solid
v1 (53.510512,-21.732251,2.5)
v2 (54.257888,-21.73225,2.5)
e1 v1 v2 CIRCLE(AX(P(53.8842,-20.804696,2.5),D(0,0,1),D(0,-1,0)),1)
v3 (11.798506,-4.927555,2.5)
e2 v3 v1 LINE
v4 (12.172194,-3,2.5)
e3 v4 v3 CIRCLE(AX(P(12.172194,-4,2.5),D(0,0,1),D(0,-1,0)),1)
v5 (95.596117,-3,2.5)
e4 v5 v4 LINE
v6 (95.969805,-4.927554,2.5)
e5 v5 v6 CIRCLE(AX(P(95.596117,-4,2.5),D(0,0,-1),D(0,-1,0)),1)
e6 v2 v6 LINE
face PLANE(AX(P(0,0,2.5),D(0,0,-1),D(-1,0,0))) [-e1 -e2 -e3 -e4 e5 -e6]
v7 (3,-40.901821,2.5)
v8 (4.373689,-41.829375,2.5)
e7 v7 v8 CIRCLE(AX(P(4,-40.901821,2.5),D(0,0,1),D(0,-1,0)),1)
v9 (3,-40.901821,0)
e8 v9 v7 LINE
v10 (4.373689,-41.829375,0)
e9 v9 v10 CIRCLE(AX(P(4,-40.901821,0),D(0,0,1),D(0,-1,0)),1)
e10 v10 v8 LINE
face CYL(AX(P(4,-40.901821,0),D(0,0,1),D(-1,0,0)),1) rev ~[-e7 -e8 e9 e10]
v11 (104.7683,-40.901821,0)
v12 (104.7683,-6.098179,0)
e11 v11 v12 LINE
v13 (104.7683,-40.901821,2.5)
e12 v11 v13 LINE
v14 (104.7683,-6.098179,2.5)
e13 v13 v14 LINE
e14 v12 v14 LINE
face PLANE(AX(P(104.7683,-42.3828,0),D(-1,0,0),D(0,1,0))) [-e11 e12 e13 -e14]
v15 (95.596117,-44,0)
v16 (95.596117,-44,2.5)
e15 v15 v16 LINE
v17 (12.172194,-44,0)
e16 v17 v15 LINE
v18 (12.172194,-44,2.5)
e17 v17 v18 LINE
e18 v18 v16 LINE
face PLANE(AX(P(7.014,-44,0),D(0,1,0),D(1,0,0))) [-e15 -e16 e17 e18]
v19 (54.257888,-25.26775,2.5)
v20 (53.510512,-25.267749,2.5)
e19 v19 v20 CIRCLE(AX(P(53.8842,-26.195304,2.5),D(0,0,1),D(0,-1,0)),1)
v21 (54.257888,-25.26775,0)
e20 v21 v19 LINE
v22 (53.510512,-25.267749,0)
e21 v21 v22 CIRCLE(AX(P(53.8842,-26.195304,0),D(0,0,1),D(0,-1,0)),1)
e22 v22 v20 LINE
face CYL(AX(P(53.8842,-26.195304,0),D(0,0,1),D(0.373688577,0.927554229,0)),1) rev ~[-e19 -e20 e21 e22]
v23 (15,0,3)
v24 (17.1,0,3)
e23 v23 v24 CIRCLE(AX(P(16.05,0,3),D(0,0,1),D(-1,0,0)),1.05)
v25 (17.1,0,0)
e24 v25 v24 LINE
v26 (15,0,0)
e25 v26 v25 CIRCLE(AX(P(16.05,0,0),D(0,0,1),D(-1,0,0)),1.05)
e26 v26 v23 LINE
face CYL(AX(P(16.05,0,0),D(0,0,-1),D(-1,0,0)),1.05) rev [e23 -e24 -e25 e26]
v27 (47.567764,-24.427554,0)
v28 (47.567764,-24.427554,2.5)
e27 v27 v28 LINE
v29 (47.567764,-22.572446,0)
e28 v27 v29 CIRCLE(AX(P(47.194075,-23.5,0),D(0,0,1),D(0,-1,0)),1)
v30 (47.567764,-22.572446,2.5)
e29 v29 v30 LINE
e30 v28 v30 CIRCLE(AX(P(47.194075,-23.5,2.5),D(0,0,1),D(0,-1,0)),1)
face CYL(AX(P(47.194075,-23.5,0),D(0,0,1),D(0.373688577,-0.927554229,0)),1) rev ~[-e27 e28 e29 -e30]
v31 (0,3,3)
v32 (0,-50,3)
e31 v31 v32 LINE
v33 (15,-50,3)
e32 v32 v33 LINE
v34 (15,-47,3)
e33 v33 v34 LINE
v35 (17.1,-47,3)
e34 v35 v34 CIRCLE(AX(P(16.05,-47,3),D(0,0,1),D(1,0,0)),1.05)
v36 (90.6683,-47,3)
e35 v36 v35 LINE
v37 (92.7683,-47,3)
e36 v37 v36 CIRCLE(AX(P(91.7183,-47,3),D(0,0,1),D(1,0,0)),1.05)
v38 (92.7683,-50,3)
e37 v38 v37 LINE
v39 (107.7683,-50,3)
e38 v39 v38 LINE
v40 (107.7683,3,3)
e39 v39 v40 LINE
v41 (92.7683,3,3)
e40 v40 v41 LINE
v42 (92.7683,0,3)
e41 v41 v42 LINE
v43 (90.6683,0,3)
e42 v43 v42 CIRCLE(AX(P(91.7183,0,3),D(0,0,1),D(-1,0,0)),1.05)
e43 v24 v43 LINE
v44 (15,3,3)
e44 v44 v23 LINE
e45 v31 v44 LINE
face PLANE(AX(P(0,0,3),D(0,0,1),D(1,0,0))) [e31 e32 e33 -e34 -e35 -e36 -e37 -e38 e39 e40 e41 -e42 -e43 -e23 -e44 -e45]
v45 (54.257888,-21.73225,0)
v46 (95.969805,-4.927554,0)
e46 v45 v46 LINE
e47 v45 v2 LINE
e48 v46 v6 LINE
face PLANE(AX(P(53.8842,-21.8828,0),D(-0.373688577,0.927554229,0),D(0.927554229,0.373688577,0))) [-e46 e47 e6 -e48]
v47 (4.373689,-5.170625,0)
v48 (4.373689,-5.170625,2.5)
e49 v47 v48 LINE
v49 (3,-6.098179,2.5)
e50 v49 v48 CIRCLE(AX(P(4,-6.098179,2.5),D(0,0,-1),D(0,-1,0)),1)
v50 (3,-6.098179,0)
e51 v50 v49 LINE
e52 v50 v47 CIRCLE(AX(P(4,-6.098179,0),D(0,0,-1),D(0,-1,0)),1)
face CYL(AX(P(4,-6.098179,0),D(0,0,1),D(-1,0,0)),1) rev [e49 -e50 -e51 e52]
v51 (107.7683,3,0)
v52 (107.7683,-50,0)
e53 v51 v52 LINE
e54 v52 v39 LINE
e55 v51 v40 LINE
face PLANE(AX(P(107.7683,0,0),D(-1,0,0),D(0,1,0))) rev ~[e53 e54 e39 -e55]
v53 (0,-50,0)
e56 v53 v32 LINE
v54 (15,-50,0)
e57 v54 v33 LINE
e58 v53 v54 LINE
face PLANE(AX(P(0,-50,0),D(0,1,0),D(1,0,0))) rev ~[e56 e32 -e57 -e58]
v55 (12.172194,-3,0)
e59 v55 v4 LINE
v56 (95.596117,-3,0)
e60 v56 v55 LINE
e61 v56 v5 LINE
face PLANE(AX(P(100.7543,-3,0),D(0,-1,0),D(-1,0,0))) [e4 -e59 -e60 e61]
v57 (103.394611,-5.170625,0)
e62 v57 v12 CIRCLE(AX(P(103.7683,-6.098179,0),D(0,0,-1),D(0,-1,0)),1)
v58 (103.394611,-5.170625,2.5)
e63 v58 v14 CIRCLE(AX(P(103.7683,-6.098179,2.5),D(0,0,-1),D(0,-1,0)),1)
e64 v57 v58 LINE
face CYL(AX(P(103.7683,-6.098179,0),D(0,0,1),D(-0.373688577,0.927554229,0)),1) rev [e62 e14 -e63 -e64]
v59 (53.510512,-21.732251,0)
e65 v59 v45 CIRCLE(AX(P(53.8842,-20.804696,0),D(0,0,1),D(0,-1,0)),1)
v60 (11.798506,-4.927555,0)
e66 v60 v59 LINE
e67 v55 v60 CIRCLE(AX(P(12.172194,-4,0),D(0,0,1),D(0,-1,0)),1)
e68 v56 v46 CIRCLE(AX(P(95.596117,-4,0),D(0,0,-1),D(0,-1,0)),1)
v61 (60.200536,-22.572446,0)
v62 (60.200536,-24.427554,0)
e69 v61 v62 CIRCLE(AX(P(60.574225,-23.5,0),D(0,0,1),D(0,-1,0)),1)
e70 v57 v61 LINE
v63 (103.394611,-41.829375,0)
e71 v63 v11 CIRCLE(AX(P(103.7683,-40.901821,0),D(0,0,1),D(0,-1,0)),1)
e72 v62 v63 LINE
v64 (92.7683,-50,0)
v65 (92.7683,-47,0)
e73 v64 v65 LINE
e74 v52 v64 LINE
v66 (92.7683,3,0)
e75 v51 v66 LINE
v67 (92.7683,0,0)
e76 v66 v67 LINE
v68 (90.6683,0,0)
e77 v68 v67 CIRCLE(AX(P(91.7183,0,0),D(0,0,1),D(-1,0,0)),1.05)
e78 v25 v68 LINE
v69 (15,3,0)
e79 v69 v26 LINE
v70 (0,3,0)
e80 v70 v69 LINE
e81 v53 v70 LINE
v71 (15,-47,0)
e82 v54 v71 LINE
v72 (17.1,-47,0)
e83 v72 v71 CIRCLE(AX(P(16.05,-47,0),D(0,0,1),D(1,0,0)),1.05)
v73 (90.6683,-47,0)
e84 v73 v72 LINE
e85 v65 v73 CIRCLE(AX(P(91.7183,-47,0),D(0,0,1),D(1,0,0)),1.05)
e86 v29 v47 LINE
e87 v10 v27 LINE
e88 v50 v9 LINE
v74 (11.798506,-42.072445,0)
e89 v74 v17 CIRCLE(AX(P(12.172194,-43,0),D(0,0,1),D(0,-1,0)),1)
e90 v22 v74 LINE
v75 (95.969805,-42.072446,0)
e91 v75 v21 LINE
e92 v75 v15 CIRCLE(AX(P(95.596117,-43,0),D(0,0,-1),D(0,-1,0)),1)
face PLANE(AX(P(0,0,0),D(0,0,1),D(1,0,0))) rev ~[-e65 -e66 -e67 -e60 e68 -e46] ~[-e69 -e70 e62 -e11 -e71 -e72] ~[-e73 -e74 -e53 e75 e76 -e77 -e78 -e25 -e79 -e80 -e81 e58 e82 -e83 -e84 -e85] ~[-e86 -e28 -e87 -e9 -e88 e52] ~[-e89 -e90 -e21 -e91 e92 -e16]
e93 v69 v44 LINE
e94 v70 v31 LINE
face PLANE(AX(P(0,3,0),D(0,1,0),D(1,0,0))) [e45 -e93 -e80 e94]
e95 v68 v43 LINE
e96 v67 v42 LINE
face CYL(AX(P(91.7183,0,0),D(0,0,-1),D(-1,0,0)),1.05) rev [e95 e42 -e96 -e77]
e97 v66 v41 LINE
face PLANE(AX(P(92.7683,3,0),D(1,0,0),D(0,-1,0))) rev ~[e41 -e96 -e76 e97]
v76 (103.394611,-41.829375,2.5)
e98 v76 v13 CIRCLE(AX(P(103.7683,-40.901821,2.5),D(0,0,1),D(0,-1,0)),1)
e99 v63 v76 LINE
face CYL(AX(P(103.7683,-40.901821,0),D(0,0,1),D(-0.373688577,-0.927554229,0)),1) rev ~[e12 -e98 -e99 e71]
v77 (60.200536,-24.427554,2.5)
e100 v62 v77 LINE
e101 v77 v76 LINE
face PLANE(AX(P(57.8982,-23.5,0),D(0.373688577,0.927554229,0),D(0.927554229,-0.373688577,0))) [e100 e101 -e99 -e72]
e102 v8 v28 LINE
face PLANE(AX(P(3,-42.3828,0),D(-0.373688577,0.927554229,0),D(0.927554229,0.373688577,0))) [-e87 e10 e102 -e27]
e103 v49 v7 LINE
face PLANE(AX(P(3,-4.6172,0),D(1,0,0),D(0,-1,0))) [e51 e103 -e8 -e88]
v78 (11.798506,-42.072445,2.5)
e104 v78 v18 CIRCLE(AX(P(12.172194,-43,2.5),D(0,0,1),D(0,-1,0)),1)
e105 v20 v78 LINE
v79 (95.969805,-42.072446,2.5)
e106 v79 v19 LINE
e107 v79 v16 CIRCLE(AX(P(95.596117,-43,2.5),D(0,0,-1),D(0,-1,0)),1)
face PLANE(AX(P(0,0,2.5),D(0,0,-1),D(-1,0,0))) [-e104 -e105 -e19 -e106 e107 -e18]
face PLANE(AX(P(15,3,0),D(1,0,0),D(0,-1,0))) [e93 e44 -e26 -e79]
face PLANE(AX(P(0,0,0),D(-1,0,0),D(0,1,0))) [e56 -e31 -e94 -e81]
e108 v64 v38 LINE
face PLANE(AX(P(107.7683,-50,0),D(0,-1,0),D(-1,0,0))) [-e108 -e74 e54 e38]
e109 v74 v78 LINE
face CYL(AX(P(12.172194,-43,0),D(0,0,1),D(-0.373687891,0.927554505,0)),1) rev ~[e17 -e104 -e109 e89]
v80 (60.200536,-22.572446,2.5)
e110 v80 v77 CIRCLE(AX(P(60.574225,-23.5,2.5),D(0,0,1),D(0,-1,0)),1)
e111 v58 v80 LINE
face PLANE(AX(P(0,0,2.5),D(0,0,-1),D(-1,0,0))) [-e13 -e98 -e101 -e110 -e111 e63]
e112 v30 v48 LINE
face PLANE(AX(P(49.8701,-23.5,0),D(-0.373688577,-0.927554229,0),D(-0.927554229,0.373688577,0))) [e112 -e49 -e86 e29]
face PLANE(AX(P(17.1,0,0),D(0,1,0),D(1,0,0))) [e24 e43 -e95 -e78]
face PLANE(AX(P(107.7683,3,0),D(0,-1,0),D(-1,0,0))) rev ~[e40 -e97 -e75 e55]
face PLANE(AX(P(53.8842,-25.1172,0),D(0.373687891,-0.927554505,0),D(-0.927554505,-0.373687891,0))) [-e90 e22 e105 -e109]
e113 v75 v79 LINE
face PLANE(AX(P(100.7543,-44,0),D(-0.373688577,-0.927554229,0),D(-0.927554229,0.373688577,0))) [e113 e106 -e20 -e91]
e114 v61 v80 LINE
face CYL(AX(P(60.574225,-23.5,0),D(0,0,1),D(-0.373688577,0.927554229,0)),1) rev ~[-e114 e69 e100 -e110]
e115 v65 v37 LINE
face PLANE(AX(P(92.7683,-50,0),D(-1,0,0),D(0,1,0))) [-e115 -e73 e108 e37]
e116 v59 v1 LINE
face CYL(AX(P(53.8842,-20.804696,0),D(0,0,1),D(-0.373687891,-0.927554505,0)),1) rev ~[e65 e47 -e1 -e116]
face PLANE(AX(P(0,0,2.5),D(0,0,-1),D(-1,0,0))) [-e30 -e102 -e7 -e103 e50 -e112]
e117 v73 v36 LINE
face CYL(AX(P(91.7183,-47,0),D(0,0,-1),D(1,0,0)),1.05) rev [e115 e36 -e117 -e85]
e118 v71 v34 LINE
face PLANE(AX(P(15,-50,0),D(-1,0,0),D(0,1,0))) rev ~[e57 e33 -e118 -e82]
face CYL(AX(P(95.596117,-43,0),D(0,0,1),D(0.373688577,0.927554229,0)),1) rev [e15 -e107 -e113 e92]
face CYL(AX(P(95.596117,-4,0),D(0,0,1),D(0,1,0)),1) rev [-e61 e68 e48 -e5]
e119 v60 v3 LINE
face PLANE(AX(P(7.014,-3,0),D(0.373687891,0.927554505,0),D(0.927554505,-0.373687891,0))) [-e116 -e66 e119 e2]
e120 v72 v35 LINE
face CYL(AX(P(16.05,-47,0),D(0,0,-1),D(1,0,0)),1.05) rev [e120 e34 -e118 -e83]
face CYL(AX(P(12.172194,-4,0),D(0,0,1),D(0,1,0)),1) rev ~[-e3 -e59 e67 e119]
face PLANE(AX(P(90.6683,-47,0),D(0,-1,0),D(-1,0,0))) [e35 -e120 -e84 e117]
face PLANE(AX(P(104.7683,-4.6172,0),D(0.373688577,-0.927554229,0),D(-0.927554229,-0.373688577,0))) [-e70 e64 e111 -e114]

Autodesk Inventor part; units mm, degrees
ref_plane "YZ Plane" through (0, 0, 0) normal (1, 0, 0) x (0, 1, 0)
ref_plane "XZ Plane" through (0, 0, 0) normal (0, 1, 0) x (-1, 0, 0)
ref_plane "XY Plane" through (0, 0, 0) normal (0, 0, 1) x (1, 0, 0)
sketch "スケッチ1" plane through (0, 0, 0) normal (0, 0, 1) x (1, 0, 0)
  circle A0 centre (-35.9404, 22.842) radius 1.5
  circle A1 centre (5.9362, 53.5882) radius 1.5
  circle A2 centre (127.6431, 30.2622) radius 1.5
  line L0 (22.1499, 50.4807) -> (113.9448, 32.8876)
  circle A3 centre (5.9362, 53.5882) radius 4.5
  circle A4 centre (127.6431, 30.2622) radius 4.5
  circle A5 centre (-35.9404, 22.842) radius 3
  line L1 (5.0892, 49.1686) -> (11.145, 48.008)
  line L2 (11.145, 48.008) -> (22.1499, 50.4807)
  line L3 (113.9448, 32.8876) -> (122.4523, 26.6751)
  line L4 (122.4523, 26.6751) -> (126.7961, 25.8426)
  line L5 (4.4419, 57.8328) -> (15.2047, 61.622)
  line L6 (-37.785, 25.2079) -> (3.1694, 57.1371)
  line L7 (3.5126, 49.7966) -> (-34.0959, 20.4761)
  line L8 (122.0018, 41.1536) -> (130.601, 33.6535)
  circle A6 centre (80.3181, 36.2778) radius 3
  circle A7 centre (80.3181, 36.2778) radius 4.5
  line L9 (128.2106, 34.7263) -> (80.8855, 40.7419)
  circle A8 centre (80.4743, 23.124) radius 1.5
  line L10 (120.4636, 35.711) -> (121.0283, 38.6574)
  line L11 (15.1864, 58.9428) -> (14.6217, 55.9964)
  circle A9 centre (66.9779, 42.9073) radius 1.5
  circle A10 centre (66.9779, 42.9073) radius 3
  line L12 (29.9182, 56.1193) -> (29.3535, 53.1729)
  arc A11 (17.2488, 58.5475) -> (15.1864, 58.9428) centre (16.2176, 58.7451) ccw
  arc A12 (29.9182, 56.1193) -> (27.8558, 56.5146) centre (28.887, 56.3169) ccw
  arc A13 (27.2911, 53.5682) -> (29.3535, 53.1729) centre (28.3223, 53.3705) ccw
  arc A14 (14.6217, 55.9964) -> (16.6841, 55.6011) centre (15.6529, 55.7987) ccw
  line L13 (17.2488, 58.5475) -> (27.8558, 56.5146)
  line L14 (16.6841, 55.6011) -> (27.2911, 53.5682)
  arc A15 (31.8825, 55.7428) -> (27.0019, 58.7146) centre (28.887, 56.3169) ccw
  line L15 (27.0019, 58.7146) -> (18.8556, 60.2759)
  arc A16 (18.8556, 60.2759) -> (15.2047, 61.622) centre (16.2176, 58.7451) ccw
  line L16 (106.2964, 41.4808) -> (105.7317, 38.5345)
  arc A17 (108.3589, 41.0856) -> (106.2964, 41.4808) centre (107.3276, 41.2832) ccw
  arc A18 (121.0283, 38.6574) -> (118.9658, 39.0527) centre (119.997, 38.855) ccw
  arc A19 (118.4011, 36.1063) -> (120.4636, 35.711) centre (119.4323, 35.9086) ccw
  arc A20 (105.7317, 38.5345) -> (107.7942, 38.1392) centre (106.7629, 38.3368) ccw
  line L17 (31.8825, 55.7428) -> (104.3322, 41.8573)
  line L18 (108.3589, 41.0856) -> (118.9658, 39.0527)
  line L19 (107.7942, 38.1392) -> (118.4011, 36.1063)
  arc A21 (122.0018, 41.1536) -> (118.1119, 41.2527) centre (119.997, 38.855) ccw
  line L20 (118.1119, 41.2527) -> (109.9656, 42.814)
  arc A22 (109.9656, 42.814) -> (104.3322, 41.8573) centre (107.3276, 41.2832) ccw
  line L21 (30.3885, 58.9717) -> (38.2584, 54.5208)
  line L22 (16.7917, 61.7406) -> (29.4611, 59.3124)
  line L23 (120.5711, 41.8505) -> (107.9017, 44.2787)
  line L24 (106.8479, 44.2952) -> (98.5267, 42.97)
  point P0 (0, 0)
  point P1 (0, 0)
  point P2 (0, 0)
  dimension "d53" = 9
  dimension "d49" = 9
  dimension "d50" = 9
  dimension "d51" = 6
  dimension "d52" = 6
  dimension "d54" = 47.7059
  dimension "d55" = 47.7059
  dimension "d56" = 3
  dimension "d57" = 3
  dimension "d58" = 8.0769
  dimension "d59" = 8.0769
  dimension "d60" = 3
  dimension "d61" = 6
  dimension "d62" = 61.9691
  dimension "d63" = 61.9691
  dimension "d64" = 15
  dimension "d65" = 2.1
  dimension "d66" = 2
  dimension "d67" = 2
  dimension "d68" = 2
  dimension "d69" = 15
  dimension "d70" = 2.1
  dimension "d71" = 7
  dimension "d72" = 2
  dimension "d73" = 2
sketch "スケッチ2" plane through (0, 0, 0) normal (0, 0, 1) x (1, 0, 0)
  line L0 (17.1, 0) -> (90.6683, 0)
  line L1 (107.7683, 0) -> (107.7683, -47)
  line L2 (90.6683, -47) -> (17.1, -47)
  line L3 (0, -47) -> (0, 0)
  line L4 (0, 0) -> (0, 3)
  line L5 (0, 3) -> (15, 3)
  line L6 (15, 3) -> (15, 0)
  line L7 (107.7683, 0) -> (107.7683, 3)
  line L8 (107.7683, 3) -> (92.7683, 3)
  line L9 (92.7683, 3) -> (92.7683, 0)
  line L10 (107.7683, -47) -> (107.7683, -50)
  line L11 (107.7683, -50) -> (92.7683, -50)
  line L12 (92.7683, -50) -> (92.7683, -47)
  line L13 (0, -47) -> (0, -50)
  line L14 (0, -50) -> (15, -50)
  line L15 (15, -50) -> (15, -47)
  arc A0 (15, 0) -> (17.1, 0) centre (16.05, 0) ccw
  arc A1 (90.6683, 0) -> (92.7683, 0) centre (91.7183, 0) ccw
  arc A2 (92.7683, -47) -> (90.6683, -47) centre (91.7183, -47) ccw
  arc A3 (17.1, -47) -> (15, -47) centre (16.05, -47) ccw
  line L16 (15.1864, 58.9428) -> (14.6217, 55.9964) projected
  line L17 (120.4636, 35.711) -> (121.0283, 38.6574) projected
  dimension "d30" = 107.7683
  dimension "d31" = 47
  dimension "d32" = 3
  dimension "d33" = 15
  dimension "d34" = 3
  dimension "d35" = 15
  dimension "d36" = 3
  dimension "d37" = 15
  dimension "d38" = 3
  dimension "d39" = 3
  dimension "d40" = 15
  dimension "d41" = 2.1
  dimension "d42" = 2.1
  dimension "d43" = 2.1
  dimension "d44" = 2.1
  dimension "d45" = 3
  dimension "d46" = 3
  dimension "d74" = 107.7683
extrude "押し出し1" add sketch "スケッチ2" along normal blind 3
sketch "スケッチ3" plane through (0, 0, 0) normal (0, 0, -1) x (-1, 0, 0)
  line L0 (0, 3) -> (0, -50) projected
  line L1 (-15, 3) -> (0, 3) projected
  line L2 (-15, 0) -> (-15, 3) projected
  arc A0 (-17.1, 0) -> (-15, 0) centre (-16.05, 0) ccw projected
  line L3 (-90.6683, 0) -> (-17.1, 0) projected
  arc A1 (-92.7683, 0) -> (-90.6683, 0) centre (-91.7183, 0) ccw projected
  line L4 (-92.7683, 3) -> (-92.7683, 0) projected
  line L5 (-107.7683, 3) -> (-92.7683, 3) projected
  line L6 (-107.7683, -50) -> (-107.7683, 3) projected
  line L7 (-92.7683, -50) -> (-107.7683, -50) projected
  line L8 (-92.7683, -47) -> (-92.7683, -50) projected
  arc A2 (-90.6683, -47) -> (-92.7683, -47) centre (-91.7183, -47) ccw projected
  line L9 (-17.1, -47) -> (-90.6683, -47) projected
  arc A3 (-15, -47) -> (-17.1, -47) centre (-16.05, -47) ccw projected
  line L10 (-15, -50) -> (-15, -47) projected
  line L11 (0, -50) -> (-15, -50) projected
  line L12 (-104.7683, -3) -> (-3, -3)
  line L13 (-3, -3) -> (-3, -44)
  line L14 (-3, -44) -> (-104.7683, -44)
  line L15 (-104.7683, -44) -> (-104.7683, -3)
  line L16 (-104.7683, -3) -> (-3, -44) construction
  arc A4 (-104.2078, -1.6087) -> (-106.2683, -3) centre (-104.7683, -3) ccw
  arc A5 (-3.5605, -45.3913) -> (-2.4395, -42.6087) centre (-3, -44) ccw
  line L17 (-3, -3) -> (-104.7683, -44) construction
  arc A6 (-2.4395, -4.3913) -> (-3.5605, -1.6087) centre (-3, -3) ccw
  arc A7 (-105.3288, -42.6087) -> (-104.2078, -45.3913) centre (-104.7683, -44) ccw
  line L18 (-3, -42.3828) -> (-49.8701, -23.5)
  line L19 (-53.8842, -21.8828) -> (-100.7543, -3)
  line L20 (-100.7543, -44) -> (-53.8842, -25.1172)
  line L21 (-49.8701, -23.5) -> (-3, -4.6172)
  line L22 (-104.7683, -4.6172) -> (-57.8982, -23.5)
  line L23 (-53.8842, -25.1172) -> (-7.014, -44)
  line L24 (-7.014, -3) -> (-53.8842, -21.8828)
  line L25 (-57.8982, -23.5) -> (-104.7683, -42.3828)
  point P0 (0, 0)
  point P1 (-53.8842, -23.5)
  point P2 (-53.8842, -23.5)
  dimension "d75" = 3
  dimension "d76" = 3
  dimension "d77" = 3
  dimension "d78" = 3
  dimension "d79" = 3
  dimension "d80" = 3
extrude "押し出し2" cut sketch "スケッチ3" against normal blind 2.5 contours L12 L24 L19 | L22 L25 L15 | L13 L18 L21 | L20 L23 L14
fillet "フィレット1" radius 1 12 edges at (100.7543, -3, 1.25) (104.7683, -4.6172, 1.25) (104.7683, -42.3828, 1.25) (100.7543, -44, 1.25) (57.8982, -23.5, 1.25) (53.8842, -21.8828, 1.25) (53.8842, -25.1172, 1.25) (49.8701, -23.5, 1.25) (7.014, -44, 1.25) (3, -42.3828, 1.25) (3, -4.6172, 1.25) (7.014, -3, 1.25)
equation "\"d55\" = d54"
equation "\"d59\" = d58"
equation "\"d63\" = d62"
equation "\"d30\" = d74"
properties part number "台形サスバー板" material "ポリカーボネート、クリア"
